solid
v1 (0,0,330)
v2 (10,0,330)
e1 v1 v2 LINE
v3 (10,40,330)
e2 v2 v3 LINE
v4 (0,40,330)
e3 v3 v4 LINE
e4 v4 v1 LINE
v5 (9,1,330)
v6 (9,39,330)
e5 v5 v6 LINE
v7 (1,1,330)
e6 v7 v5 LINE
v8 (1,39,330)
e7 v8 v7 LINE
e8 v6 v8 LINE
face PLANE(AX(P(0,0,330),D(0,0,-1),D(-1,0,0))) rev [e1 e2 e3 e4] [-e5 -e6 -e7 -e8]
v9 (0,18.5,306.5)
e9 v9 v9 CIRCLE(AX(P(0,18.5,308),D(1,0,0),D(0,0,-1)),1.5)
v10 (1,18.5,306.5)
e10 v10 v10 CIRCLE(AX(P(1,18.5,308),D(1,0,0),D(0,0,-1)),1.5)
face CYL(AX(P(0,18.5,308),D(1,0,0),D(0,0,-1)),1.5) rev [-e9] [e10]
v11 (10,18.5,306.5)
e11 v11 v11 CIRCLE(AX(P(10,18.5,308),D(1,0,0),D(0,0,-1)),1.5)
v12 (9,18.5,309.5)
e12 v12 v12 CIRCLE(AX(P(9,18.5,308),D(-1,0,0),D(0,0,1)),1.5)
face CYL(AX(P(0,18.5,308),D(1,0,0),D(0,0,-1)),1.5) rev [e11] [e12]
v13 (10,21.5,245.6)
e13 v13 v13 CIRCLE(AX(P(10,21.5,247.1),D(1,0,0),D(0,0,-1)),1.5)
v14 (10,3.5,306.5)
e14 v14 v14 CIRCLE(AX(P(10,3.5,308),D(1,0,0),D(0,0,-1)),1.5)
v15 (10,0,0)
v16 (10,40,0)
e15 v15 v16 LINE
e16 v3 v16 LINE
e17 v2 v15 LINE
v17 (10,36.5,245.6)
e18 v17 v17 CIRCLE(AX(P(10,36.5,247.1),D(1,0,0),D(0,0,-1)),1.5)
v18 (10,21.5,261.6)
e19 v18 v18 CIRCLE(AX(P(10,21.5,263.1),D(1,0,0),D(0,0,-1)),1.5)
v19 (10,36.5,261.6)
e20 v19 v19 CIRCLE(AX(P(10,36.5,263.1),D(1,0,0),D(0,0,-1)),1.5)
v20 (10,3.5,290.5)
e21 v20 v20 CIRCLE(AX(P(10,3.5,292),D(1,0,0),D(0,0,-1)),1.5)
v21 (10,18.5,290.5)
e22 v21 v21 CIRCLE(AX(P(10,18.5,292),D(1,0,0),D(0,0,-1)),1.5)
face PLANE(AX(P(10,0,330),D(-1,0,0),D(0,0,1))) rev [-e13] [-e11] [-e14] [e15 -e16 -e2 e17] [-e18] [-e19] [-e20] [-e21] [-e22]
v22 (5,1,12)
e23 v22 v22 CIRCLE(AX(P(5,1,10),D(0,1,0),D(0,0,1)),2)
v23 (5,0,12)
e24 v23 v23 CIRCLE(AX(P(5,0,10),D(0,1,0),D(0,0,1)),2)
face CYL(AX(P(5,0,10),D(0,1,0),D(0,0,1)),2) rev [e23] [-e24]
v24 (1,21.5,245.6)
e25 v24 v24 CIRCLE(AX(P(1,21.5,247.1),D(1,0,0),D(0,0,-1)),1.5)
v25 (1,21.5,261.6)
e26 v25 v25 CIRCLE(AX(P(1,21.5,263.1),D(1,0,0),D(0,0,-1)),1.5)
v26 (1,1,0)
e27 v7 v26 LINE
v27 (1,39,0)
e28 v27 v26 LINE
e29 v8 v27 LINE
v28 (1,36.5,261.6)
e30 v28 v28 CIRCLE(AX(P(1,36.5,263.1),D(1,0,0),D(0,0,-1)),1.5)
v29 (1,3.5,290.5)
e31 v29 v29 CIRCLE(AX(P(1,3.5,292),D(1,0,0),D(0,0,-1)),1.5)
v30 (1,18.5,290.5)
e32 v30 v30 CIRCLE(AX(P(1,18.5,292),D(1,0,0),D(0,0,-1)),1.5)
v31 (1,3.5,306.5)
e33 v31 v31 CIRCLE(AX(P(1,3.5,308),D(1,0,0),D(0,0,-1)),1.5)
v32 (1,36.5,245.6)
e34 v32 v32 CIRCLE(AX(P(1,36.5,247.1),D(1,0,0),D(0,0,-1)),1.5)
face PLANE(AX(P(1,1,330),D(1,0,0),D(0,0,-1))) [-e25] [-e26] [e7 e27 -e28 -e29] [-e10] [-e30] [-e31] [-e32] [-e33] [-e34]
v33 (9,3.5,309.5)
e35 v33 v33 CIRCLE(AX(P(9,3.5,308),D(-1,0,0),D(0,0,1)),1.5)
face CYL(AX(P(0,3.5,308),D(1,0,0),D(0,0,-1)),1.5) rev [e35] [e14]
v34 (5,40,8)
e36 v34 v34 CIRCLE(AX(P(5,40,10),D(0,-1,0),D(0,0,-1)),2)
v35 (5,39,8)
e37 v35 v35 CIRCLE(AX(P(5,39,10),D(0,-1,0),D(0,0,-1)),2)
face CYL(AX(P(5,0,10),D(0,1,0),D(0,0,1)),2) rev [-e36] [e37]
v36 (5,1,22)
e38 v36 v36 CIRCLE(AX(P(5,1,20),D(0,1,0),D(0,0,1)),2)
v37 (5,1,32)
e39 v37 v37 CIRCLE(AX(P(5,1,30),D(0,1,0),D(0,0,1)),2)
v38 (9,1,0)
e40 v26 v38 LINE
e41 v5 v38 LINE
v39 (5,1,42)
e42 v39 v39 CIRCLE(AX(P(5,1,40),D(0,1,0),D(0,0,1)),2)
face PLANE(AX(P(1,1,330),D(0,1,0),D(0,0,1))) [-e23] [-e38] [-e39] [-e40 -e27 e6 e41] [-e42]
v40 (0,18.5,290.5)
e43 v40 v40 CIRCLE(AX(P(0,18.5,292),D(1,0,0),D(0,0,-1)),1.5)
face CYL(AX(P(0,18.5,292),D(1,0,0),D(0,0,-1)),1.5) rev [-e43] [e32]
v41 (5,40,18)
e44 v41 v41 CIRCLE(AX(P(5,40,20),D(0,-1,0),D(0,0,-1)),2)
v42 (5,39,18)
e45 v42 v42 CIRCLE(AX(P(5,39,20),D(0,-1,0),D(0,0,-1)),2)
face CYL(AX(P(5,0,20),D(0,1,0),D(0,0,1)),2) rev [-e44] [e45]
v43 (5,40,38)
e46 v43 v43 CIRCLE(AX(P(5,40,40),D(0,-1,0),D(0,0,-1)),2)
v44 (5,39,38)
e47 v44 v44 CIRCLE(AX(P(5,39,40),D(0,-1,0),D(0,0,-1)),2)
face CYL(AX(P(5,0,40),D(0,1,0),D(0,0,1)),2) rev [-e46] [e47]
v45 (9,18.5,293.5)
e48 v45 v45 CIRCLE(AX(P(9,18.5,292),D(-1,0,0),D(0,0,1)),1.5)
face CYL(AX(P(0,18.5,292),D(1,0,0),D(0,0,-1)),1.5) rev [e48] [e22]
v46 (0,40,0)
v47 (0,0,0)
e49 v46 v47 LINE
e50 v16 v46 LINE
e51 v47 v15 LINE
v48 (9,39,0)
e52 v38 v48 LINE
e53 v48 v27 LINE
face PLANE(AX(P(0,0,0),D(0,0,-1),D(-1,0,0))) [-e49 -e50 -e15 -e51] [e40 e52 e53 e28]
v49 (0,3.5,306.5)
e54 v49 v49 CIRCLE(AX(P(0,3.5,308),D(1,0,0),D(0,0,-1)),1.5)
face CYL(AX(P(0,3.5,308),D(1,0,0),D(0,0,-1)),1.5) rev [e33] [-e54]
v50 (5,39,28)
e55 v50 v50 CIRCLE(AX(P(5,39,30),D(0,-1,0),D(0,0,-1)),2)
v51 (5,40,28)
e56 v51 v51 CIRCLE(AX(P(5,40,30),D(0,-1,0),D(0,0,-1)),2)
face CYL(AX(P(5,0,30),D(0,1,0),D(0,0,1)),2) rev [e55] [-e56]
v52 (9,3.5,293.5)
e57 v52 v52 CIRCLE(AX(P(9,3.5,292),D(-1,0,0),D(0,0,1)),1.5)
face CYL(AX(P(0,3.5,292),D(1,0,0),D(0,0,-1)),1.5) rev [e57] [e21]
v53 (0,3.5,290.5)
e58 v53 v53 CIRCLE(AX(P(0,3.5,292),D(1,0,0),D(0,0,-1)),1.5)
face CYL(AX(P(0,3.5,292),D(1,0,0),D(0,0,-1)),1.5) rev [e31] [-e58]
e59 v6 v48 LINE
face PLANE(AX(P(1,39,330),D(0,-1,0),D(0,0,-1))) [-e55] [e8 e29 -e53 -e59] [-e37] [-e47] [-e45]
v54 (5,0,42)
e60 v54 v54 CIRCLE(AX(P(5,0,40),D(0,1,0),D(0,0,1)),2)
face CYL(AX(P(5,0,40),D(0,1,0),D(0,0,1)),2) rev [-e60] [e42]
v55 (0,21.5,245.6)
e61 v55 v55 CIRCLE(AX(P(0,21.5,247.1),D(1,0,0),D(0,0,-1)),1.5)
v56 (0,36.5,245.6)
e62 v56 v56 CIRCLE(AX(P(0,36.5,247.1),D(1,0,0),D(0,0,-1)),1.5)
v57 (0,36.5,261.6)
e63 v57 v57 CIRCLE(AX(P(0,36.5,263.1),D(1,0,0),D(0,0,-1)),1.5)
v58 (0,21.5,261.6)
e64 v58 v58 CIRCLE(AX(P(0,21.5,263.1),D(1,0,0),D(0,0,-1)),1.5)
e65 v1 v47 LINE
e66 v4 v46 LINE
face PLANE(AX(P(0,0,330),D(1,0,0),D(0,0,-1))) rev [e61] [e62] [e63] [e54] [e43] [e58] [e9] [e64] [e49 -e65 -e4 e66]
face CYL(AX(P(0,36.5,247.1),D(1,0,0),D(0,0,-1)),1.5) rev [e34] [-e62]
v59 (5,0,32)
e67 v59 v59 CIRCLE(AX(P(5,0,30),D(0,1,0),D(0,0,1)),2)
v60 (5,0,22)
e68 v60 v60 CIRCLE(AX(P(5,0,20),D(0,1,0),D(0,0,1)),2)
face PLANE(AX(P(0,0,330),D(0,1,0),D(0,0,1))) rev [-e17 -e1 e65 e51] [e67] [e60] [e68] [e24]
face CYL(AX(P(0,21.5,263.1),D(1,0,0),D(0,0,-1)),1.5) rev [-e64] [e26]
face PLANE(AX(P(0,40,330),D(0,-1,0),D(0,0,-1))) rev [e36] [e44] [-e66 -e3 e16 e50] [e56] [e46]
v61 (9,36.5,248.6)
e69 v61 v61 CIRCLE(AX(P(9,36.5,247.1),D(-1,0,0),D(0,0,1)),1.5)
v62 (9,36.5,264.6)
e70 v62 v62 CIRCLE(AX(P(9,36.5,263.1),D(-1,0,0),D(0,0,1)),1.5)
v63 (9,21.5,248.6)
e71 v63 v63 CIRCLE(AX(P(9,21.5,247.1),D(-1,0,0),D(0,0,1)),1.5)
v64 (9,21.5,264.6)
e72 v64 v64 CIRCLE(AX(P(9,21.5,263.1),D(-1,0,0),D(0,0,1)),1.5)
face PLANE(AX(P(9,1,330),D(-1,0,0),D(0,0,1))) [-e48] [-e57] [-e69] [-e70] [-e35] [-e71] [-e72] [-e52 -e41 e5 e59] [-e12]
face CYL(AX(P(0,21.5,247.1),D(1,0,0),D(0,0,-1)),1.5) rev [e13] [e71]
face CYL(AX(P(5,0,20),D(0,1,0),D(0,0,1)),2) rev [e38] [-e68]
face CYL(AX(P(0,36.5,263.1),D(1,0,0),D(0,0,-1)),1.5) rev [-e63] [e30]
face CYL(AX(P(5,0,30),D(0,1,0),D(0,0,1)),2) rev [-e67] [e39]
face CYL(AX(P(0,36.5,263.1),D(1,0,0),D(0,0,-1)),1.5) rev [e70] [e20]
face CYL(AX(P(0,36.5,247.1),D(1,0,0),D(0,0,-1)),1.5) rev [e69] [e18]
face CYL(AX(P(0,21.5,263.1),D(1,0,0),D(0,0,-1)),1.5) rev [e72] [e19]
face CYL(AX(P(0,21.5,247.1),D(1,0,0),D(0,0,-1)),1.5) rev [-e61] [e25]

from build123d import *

# Parameters (mm, degrees)
SKETCH_1_W               = 10
SKETCH_1_H               = 40
SKETCH_1_W_2             = 8
SKETCH_1_H_2             = 38
EXTRUDE_1_DEPTH          = 330
SKETCH_3_R               = 1.5
CUT_EXTRUDE_2_DEPTH      = 10
CUT_EXTRUDE_4_DEPTH      = 333.565782966
CUT_EXTRUDE_4_DEPTH_BACK = 333.565782966
SKETCH_4_R               = 2


with BuildPart() as part:
    # 草图1 → 凸台-拉伸1 (new body)
    with BuildSketch(Plane.XY):
        with Locations((5, 20)):
            Rectangle(SKETCH_1_W, SKETCH_1_H)
        with Locations((5, 20)):
            Rectangle(SKETCH_1_W_2, SKETCH_1_H_2, mode=Mode.SUBTRACT)
    extrude(amount=EXTRUDE_1_DEPTH)

    # 草图3 → 切除-拉伸2 (cut)
    with BuildSketch(Plane(origin=(10, 0, 0), x_dir=(0, 0, -1), z_dir=(1, 0, 0))):
        with Locations((-308, 18.5)):
            Circle(SKETCH_3_R)
        with Locations((-292, 18.5)):
            Circle(SKETCH_3_R)
        with Locations((-292, 3.5)):
            Circle(SKETCH_3_R)
        with Locations((-308, 3.5)):
            Circle(SKETCH_3_R)
        with Locations((-263.1, 36.5)):
            Circle(SKETCH_3_R)
        with Locations((-247.1, 36.5)):
            Circle(SKETCH_3_R)
        with Locations((-263.1, 21.5)):
            Circle(SKETCH_3_R)
        with Locations((-247.1, 21.5)):
            Circle(SKETCH_3_R)
    extrude(amount=-CUT_EXTRUDE_2_DEPTH, mode=Mode.SUBTRACT)

    # 草图4 → 切除-拉伸4 (cut, two sides: drawn at the far end of the back side and taken through both)
    with BuildSketch(Plane(origin=(0, 40, 0), x_dir=(1, 0, 0), z_dir=(0, 1, 0)).offset(-CUT_EXTRUDE_4_DEPTH_BACK)):
        with Locations(Location((5, -10, 0), (0, 0, 90))):
            Circle(SKETCH_4_R)
        with Locations(Location((5, -20, 0), (0, 0, 90))):
            Circle(SKETCH_4_R)
        with Locations(Location((5, -30, 0), (0, 0, 90))):
            Circle(SKETCH_4_R)
        with Locations(Location((5, -40, 0), (0, 0, 90))):
            Circle(SKETCH_4_R)
    extrude(amount=CUT_EXTRUDE_4_DEPTH + CUT_EXTRUDE_4_DEPTH_BACK, mode=Mode.SUBTRACT)


solid = part.part
